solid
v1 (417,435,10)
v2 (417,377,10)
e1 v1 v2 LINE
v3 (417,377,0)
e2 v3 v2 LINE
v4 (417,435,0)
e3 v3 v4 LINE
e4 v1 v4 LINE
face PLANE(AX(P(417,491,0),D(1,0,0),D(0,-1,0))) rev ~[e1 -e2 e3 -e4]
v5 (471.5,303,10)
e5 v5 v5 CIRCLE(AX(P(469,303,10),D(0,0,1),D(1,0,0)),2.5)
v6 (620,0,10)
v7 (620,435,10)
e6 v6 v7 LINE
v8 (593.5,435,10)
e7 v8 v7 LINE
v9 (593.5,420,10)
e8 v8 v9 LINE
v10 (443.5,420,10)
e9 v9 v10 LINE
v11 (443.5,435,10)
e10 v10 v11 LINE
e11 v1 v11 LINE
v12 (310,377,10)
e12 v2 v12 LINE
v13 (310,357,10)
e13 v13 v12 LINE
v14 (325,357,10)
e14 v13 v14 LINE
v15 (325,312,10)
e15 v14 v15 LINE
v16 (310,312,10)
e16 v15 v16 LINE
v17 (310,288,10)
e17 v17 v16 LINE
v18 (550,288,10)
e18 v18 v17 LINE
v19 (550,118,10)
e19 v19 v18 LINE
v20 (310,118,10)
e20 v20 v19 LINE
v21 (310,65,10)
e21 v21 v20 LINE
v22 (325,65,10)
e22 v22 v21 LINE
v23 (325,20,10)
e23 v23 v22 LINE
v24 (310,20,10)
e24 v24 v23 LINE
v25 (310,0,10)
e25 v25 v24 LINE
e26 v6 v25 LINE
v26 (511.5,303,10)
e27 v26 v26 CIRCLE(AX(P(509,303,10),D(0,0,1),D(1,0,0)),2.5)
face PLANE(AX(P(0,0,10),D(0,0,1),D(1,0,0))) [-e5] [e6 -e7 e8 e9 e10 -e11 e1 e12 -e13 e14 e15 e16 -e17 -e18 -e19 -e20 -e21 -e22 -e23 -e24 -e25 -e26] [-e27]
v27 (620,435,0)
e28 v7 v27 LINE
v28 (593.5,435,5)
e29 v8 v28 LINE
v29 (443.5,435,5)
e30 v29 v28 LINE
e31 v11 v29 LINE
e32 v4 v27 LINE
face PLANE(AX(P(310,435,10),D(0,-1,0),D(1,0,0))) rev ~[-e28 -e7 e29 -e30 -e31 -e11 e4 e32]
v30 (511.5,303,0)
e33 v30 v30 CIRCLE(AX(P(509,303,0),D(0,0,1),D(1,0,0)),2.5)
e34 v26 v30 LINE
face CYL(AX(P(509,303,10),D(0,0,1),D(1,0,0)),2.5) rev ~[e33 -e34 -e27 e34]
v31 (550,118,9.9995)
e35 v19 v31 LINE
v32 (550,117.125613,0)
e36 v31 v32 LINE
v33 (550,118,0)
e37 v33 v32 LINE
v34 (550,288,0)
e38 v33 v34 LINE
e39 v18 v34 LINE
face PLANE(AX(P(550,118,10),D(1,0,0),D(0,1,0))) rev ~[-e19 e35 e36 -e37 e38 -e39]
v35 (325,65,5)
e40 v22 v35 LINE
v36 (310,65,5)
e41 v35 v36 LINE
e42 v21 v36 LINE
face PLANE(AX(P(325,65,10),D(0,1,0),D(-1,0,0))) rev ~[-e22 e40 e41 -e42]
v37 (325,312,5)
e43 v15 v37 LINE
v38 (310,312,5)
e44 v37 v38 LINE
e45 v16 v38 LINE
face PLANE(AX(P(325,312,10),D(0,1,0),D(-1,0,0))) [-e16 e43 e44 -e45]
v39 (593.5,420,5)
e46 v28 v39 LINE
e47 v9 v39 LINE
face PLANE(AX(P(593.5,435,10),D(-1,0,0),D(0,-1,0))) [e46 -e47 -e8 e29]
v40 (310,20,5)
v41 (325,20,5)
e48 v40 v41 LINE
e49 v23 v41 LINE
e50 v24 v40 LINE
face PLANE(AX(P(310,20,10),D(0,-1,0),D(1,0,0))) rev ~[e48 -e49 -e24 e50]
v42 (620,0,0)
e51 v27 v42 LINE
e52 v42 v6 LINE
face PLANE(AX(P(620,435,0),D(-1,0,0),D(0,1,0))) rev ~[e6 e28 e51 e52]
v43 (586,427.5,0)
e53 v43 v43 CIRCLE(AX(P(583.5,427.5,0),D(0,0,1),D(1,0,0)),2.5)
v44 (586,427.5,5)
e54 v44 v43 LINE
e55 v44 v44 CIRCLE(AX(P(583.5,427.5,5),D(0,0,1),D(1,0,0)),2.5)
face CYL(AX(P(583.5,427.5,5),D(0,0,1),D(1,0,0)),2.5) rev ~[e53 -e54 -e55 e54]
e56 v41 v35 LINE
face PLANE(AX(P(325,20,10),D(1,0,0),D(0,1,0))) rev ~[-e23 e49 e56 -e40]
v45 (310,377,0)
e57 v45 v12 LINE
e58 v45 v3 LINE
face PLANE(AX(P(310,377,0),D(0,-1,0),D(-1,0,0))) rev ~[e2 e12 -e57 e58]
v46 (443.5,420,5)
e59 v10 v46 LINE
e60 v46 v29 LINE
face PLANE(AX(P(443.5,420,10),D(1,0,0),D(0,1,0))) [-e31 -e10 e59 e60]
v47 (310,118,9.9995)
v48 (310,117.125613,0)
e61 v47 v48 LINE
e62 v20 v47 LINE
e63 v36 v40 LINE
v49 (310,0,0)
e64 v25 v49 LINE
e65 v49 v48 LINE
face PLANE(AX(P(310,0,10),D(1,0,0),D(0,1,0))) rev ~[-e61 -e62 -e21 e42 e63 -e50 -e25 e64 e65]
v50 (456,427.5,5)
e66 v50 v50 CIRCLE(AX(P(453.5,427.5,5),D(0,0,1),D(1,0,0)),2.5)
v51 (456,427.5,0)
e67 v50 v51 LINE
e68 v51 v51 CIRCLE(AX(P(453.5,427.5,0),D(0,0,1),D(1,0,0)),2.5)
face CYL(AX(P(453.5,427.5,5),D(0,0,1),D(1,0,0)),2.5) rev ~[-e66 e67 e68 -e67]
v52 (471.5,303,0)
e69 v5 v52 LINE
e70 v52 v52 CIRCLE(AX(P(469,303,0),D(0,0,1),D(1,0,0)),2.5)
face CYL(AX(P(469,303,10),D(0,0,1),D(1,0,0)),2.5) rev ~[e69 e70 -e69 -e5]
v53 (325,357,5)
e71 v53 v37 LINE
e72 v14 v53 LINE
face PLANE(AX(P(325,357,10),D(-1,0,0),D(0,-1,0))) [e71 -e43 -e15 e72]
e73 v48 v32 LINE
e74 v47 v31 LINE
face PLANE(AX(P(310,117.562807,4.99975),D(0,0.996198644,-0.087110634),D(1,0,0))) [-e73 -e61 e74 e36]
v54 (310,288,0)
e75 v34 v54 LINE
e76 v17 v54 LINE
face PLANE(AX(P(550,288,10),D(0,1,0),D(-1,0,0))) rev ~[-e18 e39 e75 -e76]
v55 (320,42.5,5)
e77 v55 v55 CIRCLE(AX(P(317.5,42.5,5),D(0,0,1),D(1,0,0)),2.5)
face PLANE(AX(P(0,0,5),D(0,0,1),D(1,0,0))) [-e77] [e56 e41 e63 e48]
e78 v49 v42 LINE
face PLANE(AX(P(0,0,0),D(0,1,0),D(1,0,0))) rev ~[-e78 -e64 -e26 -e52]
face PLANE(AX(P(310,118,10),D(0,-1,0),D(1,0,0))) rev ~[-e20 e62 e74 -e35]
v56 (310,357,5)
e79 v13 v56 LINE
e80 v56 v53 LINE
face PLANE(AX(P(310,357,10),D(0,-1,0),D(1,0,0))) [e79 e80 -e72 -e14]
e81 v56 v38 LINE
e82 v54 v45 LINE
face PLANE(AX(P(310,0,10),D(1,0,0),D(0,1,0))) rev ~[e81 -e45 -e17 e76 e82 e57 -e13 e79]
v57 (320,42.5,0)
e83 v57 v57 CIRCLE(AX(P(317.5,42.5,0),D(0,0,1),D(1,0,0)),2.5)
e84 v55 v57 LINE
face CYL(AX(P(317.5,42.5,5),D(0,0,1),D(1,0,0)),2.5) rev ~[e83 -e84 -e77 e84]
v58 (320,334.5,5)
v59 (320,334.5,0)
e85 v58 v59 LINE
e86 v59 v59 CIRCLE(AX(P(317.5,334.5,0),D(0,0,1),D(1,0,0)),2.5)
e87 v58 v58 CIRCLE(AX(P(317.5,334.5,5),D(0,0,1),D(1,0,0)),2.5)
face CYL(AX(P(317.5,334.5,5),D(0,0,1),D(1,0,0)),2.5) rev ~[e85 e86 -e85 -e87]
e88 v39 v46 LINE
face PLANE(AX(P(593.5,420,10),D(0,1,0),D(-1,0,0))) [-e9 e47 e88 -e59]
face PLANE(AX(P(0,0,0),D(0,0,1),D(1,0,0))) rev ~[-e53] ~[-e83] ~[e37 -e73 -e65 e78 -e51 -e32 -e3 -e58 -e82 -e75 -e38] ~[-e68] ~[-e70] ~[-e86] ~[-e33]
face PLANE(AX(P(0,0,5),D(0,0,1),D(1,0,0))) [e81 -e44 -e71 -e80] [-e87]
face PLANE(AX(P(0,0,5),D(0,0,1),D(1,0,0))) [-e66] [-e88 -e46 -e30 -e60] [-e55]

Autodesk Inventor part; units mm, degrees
ref_plane "YZ Plane" through (0, 0, 0) normal (1, 0, 0) x (0, 1, 0)
ref_plane "XZ Plane" through (0, 0, 0) normal (0, 1, 0) x (-1, 0, 0)
ref_plane "XY Plane" through (0, 0, 0) normal (0, 0, 1) x (1, 0, 0)
sketch "Sketch1" plane through (0, 0, 0) normal (0, 0, 1) x (1, 0, 0)
  line L0 (0, 0) -> (620, 0)
  line L1 (620, 0) -> (620, 620)
  line L2 (620, 620) -> (0, 620)
  line L3 (0, 620) -> (0, 0)
  line L4 (203, 491) -> (417, 491)
  line L5 (417, 491) -> (417, 377)
  line L6 (417, 377) -> (203, 377)
  line L7 (203, 377) -> (203, 491)
  line L8 (620, 0) -> (310, 0)
  line L9 (310, 0) -> (310, 435)
  line L10 (310, 435) -> (620, 435)
  line L11 (620, 435) -> (620, 0)
  point P0 (310, 491)
  point P1 (310, 620)
  dimension "d0" = 620
  dimension "d1" = 620
  dimension "d2" = 214
  dimension "d3" = 114
  dimension "d4" = 129
  dimension "d28" = 435
extrude "Extrusion1" add sketch "Sketch1" along normal blind 10 contours L3 L2 L1 L10 L5 L4 L7 L6 L9 L0 | L9 L6 L5 L10 L1 L0
sketch "Sketch6" plane through (0, 0, 10) normal (0, 0, 1) x (1, 0, 0)
  line L0 (0, 0) -> (620, 0) projected
  line L1 (620, 0) -> (310, 0)
  line L2 (310, 0) -> (310, 435)
  line L3 (310, 435) -> (620, 435)
  line L4 (620, 435) -> (620, 0)
  line L5 (620, 620) -> (0, 620) projected
  line L6 (620, 435) -> (0, 435)
  line L7 (0, 435) -> (0, 620)
  line L8 (0, 620) -> (620, 620)
  line L9 (620, 620) -> (620, 435)
  line L10 (310, 435) -> (0, 435)
  line L11 (0, 435) -> (0, 0)
  line L12 (0, 0) -> (310, 0)
  line L13 (310, 0) -> (310, 435)
  point P0 (310, 620)
  dimension "d29" = 435
extrude "Extrusion6" cut sketch "Sketch6" against normal through all contours L11 L6 L2 L0 | L7 L5 L9 L3 L6
sketch "Sketch7" plane through (0, 0, 10) normal (0, 0, 1) x (1, 0, 0)
  line L0 (310, 377) -> (310, 0) projected
  line L1 (417, 435) -> (620, 435) projected
  line L2 (443.5, 435) -> (593.5, 435)
  line L3 (593.5, 435) -> (593.5, 420)
  line L4 (593.5, 420) -> (443.5, 420)
  line L5 (443.5, 420) -> (443.5, 435)
  line L6 (310, 357) -> (325, 357)
  line L7 (325, 357) -> (325, 312)
  line L8 (325, 312) -> (310, 312)
  line L9 (310, 312) -> (310, 357)
  line L10 (310, 20) -> (325, 20)
  line L11 (325, 20) -> (325, 65)
  line L12 (325, 65) -> (310, 65)
  line L13 (310, 65) -> (310, 20)
  line L14 (417, 377) -> (310, 377) projected
  line L15 (310, 0) -> (620, 0) projected
  point P0 (0, 0)
  point P1 (518.5, 435)
  dimension "d34" = 150
  dimension "d35" = 15
  dimension "d48" = 15
  dimension "d49" = 45
  dimension "d50" = 15
  dimension "d51" = 45
  dimension "d52" = 20
  dimension "d53" = 20
extrude "Extrusion7" cut sketch "Sketch7" against normal blind 5
sketch "Sketch8" plane through (0, 0, 5) normal (0, 0, 1) x (1, 0, 0)
  circle A0 centre (453.5, 427.5) radius 2.5
  circle A1 centre (583.5, 427.5) radius 2.5
  circle A2 centre (317.5, 334.5) radius 2.5
  circle A3 centre (317.5, 42.5) radius 2.5
  line L0 (310, 312) -> (310, 357) projected
  line L1 (325, 312) -> (310, 312) projected
  line L2 (325, 357) -> (325, 312) projected
  line L3 (310, 357) -> (325, 357) projected
  line L4 (443.5, 420) -> (443.5, 435) projected
  line L5 (593.5, 420) -> (443.5, 420) projected
  line L6 (593.5, 435) -> (593.5, 420) projected
  line L7 (443.5, 435) -> (593.5, 435) projected
  line L8 (310, 20) -> (310, 65) projected
  line L9 (325, 20) -> (310, 20) projected
  line L10 (325, 65) -> (325, 20) projected
  line L11 (310, 65) -> (325, 65) projected
  line L12 (310, 20) -> (310, 65) projected
  point P0 (0, 0)
  point P1 (593.5, 427.5)
  point P2 (443.5, 427.5)
  point P3 (317.5, 357)
  point P4 (317.5, 65)
  point P5 (310, 42.5)
  point P6 (310, 334.5)
  dimension "d38" = 5
  dimension "d39" = 5
  dimension "d40" = 5
  dimension "d54" = 10
  dimension "d55" = 10
extrude "Extrusion8" cut sketch "Sketch8" against normal through all contours A0 | A1 | A2 | A3
sketch "Sketch9" plane through (0, 0, 10) normal (0, 0, 1) x (1, 0, 0)
  line L0 (550, 288) -> (310, 288)
  line L1 (310, 288) -> (310, 118)
  line L2 (310, 118) -> (550, 118)
  line L3 (550, 118) -> (550, 288)
  line L4 (310, 312) -> (310, 65) projected
  line L5 (325, 312) -> (310, 312) projected
  point P0 (0, 0)
  dimension "d56" = 240
  dimension "d57" = 170
  dimension "d67" = 24
extrude "Extrusion9" cut sketch "Sketch9" against normal through all
sketch "Sketch10" plane through (0, 0, 10) normal (0, 0, 1) x (1, 0, 0)
  circle A0 centre (509, 303) radius 2.5
  circle A1 centre (469, 303) radius 2.5
  line L0 (550, 288) -> (550, 118) projected
  line L1 (310, 288) -> (550, 288) projected
  point P0 (0, 0)
  dimension "d60" = 5
  dimension "d61" = 5
  dimension "d62" = 41
  dimension "d63" = 40
  dimension "d64" = 15
extrude "Extrusion10" cut sketch "Sketch10" along normal through all both and the other way through all
chamfer "Chamfer1" distance 10 angle 5 1 edges at (430, 118, 0) measured on face at (390, 118, 6.6667)
properties part number "TC001b" material "ABS Plastic"
